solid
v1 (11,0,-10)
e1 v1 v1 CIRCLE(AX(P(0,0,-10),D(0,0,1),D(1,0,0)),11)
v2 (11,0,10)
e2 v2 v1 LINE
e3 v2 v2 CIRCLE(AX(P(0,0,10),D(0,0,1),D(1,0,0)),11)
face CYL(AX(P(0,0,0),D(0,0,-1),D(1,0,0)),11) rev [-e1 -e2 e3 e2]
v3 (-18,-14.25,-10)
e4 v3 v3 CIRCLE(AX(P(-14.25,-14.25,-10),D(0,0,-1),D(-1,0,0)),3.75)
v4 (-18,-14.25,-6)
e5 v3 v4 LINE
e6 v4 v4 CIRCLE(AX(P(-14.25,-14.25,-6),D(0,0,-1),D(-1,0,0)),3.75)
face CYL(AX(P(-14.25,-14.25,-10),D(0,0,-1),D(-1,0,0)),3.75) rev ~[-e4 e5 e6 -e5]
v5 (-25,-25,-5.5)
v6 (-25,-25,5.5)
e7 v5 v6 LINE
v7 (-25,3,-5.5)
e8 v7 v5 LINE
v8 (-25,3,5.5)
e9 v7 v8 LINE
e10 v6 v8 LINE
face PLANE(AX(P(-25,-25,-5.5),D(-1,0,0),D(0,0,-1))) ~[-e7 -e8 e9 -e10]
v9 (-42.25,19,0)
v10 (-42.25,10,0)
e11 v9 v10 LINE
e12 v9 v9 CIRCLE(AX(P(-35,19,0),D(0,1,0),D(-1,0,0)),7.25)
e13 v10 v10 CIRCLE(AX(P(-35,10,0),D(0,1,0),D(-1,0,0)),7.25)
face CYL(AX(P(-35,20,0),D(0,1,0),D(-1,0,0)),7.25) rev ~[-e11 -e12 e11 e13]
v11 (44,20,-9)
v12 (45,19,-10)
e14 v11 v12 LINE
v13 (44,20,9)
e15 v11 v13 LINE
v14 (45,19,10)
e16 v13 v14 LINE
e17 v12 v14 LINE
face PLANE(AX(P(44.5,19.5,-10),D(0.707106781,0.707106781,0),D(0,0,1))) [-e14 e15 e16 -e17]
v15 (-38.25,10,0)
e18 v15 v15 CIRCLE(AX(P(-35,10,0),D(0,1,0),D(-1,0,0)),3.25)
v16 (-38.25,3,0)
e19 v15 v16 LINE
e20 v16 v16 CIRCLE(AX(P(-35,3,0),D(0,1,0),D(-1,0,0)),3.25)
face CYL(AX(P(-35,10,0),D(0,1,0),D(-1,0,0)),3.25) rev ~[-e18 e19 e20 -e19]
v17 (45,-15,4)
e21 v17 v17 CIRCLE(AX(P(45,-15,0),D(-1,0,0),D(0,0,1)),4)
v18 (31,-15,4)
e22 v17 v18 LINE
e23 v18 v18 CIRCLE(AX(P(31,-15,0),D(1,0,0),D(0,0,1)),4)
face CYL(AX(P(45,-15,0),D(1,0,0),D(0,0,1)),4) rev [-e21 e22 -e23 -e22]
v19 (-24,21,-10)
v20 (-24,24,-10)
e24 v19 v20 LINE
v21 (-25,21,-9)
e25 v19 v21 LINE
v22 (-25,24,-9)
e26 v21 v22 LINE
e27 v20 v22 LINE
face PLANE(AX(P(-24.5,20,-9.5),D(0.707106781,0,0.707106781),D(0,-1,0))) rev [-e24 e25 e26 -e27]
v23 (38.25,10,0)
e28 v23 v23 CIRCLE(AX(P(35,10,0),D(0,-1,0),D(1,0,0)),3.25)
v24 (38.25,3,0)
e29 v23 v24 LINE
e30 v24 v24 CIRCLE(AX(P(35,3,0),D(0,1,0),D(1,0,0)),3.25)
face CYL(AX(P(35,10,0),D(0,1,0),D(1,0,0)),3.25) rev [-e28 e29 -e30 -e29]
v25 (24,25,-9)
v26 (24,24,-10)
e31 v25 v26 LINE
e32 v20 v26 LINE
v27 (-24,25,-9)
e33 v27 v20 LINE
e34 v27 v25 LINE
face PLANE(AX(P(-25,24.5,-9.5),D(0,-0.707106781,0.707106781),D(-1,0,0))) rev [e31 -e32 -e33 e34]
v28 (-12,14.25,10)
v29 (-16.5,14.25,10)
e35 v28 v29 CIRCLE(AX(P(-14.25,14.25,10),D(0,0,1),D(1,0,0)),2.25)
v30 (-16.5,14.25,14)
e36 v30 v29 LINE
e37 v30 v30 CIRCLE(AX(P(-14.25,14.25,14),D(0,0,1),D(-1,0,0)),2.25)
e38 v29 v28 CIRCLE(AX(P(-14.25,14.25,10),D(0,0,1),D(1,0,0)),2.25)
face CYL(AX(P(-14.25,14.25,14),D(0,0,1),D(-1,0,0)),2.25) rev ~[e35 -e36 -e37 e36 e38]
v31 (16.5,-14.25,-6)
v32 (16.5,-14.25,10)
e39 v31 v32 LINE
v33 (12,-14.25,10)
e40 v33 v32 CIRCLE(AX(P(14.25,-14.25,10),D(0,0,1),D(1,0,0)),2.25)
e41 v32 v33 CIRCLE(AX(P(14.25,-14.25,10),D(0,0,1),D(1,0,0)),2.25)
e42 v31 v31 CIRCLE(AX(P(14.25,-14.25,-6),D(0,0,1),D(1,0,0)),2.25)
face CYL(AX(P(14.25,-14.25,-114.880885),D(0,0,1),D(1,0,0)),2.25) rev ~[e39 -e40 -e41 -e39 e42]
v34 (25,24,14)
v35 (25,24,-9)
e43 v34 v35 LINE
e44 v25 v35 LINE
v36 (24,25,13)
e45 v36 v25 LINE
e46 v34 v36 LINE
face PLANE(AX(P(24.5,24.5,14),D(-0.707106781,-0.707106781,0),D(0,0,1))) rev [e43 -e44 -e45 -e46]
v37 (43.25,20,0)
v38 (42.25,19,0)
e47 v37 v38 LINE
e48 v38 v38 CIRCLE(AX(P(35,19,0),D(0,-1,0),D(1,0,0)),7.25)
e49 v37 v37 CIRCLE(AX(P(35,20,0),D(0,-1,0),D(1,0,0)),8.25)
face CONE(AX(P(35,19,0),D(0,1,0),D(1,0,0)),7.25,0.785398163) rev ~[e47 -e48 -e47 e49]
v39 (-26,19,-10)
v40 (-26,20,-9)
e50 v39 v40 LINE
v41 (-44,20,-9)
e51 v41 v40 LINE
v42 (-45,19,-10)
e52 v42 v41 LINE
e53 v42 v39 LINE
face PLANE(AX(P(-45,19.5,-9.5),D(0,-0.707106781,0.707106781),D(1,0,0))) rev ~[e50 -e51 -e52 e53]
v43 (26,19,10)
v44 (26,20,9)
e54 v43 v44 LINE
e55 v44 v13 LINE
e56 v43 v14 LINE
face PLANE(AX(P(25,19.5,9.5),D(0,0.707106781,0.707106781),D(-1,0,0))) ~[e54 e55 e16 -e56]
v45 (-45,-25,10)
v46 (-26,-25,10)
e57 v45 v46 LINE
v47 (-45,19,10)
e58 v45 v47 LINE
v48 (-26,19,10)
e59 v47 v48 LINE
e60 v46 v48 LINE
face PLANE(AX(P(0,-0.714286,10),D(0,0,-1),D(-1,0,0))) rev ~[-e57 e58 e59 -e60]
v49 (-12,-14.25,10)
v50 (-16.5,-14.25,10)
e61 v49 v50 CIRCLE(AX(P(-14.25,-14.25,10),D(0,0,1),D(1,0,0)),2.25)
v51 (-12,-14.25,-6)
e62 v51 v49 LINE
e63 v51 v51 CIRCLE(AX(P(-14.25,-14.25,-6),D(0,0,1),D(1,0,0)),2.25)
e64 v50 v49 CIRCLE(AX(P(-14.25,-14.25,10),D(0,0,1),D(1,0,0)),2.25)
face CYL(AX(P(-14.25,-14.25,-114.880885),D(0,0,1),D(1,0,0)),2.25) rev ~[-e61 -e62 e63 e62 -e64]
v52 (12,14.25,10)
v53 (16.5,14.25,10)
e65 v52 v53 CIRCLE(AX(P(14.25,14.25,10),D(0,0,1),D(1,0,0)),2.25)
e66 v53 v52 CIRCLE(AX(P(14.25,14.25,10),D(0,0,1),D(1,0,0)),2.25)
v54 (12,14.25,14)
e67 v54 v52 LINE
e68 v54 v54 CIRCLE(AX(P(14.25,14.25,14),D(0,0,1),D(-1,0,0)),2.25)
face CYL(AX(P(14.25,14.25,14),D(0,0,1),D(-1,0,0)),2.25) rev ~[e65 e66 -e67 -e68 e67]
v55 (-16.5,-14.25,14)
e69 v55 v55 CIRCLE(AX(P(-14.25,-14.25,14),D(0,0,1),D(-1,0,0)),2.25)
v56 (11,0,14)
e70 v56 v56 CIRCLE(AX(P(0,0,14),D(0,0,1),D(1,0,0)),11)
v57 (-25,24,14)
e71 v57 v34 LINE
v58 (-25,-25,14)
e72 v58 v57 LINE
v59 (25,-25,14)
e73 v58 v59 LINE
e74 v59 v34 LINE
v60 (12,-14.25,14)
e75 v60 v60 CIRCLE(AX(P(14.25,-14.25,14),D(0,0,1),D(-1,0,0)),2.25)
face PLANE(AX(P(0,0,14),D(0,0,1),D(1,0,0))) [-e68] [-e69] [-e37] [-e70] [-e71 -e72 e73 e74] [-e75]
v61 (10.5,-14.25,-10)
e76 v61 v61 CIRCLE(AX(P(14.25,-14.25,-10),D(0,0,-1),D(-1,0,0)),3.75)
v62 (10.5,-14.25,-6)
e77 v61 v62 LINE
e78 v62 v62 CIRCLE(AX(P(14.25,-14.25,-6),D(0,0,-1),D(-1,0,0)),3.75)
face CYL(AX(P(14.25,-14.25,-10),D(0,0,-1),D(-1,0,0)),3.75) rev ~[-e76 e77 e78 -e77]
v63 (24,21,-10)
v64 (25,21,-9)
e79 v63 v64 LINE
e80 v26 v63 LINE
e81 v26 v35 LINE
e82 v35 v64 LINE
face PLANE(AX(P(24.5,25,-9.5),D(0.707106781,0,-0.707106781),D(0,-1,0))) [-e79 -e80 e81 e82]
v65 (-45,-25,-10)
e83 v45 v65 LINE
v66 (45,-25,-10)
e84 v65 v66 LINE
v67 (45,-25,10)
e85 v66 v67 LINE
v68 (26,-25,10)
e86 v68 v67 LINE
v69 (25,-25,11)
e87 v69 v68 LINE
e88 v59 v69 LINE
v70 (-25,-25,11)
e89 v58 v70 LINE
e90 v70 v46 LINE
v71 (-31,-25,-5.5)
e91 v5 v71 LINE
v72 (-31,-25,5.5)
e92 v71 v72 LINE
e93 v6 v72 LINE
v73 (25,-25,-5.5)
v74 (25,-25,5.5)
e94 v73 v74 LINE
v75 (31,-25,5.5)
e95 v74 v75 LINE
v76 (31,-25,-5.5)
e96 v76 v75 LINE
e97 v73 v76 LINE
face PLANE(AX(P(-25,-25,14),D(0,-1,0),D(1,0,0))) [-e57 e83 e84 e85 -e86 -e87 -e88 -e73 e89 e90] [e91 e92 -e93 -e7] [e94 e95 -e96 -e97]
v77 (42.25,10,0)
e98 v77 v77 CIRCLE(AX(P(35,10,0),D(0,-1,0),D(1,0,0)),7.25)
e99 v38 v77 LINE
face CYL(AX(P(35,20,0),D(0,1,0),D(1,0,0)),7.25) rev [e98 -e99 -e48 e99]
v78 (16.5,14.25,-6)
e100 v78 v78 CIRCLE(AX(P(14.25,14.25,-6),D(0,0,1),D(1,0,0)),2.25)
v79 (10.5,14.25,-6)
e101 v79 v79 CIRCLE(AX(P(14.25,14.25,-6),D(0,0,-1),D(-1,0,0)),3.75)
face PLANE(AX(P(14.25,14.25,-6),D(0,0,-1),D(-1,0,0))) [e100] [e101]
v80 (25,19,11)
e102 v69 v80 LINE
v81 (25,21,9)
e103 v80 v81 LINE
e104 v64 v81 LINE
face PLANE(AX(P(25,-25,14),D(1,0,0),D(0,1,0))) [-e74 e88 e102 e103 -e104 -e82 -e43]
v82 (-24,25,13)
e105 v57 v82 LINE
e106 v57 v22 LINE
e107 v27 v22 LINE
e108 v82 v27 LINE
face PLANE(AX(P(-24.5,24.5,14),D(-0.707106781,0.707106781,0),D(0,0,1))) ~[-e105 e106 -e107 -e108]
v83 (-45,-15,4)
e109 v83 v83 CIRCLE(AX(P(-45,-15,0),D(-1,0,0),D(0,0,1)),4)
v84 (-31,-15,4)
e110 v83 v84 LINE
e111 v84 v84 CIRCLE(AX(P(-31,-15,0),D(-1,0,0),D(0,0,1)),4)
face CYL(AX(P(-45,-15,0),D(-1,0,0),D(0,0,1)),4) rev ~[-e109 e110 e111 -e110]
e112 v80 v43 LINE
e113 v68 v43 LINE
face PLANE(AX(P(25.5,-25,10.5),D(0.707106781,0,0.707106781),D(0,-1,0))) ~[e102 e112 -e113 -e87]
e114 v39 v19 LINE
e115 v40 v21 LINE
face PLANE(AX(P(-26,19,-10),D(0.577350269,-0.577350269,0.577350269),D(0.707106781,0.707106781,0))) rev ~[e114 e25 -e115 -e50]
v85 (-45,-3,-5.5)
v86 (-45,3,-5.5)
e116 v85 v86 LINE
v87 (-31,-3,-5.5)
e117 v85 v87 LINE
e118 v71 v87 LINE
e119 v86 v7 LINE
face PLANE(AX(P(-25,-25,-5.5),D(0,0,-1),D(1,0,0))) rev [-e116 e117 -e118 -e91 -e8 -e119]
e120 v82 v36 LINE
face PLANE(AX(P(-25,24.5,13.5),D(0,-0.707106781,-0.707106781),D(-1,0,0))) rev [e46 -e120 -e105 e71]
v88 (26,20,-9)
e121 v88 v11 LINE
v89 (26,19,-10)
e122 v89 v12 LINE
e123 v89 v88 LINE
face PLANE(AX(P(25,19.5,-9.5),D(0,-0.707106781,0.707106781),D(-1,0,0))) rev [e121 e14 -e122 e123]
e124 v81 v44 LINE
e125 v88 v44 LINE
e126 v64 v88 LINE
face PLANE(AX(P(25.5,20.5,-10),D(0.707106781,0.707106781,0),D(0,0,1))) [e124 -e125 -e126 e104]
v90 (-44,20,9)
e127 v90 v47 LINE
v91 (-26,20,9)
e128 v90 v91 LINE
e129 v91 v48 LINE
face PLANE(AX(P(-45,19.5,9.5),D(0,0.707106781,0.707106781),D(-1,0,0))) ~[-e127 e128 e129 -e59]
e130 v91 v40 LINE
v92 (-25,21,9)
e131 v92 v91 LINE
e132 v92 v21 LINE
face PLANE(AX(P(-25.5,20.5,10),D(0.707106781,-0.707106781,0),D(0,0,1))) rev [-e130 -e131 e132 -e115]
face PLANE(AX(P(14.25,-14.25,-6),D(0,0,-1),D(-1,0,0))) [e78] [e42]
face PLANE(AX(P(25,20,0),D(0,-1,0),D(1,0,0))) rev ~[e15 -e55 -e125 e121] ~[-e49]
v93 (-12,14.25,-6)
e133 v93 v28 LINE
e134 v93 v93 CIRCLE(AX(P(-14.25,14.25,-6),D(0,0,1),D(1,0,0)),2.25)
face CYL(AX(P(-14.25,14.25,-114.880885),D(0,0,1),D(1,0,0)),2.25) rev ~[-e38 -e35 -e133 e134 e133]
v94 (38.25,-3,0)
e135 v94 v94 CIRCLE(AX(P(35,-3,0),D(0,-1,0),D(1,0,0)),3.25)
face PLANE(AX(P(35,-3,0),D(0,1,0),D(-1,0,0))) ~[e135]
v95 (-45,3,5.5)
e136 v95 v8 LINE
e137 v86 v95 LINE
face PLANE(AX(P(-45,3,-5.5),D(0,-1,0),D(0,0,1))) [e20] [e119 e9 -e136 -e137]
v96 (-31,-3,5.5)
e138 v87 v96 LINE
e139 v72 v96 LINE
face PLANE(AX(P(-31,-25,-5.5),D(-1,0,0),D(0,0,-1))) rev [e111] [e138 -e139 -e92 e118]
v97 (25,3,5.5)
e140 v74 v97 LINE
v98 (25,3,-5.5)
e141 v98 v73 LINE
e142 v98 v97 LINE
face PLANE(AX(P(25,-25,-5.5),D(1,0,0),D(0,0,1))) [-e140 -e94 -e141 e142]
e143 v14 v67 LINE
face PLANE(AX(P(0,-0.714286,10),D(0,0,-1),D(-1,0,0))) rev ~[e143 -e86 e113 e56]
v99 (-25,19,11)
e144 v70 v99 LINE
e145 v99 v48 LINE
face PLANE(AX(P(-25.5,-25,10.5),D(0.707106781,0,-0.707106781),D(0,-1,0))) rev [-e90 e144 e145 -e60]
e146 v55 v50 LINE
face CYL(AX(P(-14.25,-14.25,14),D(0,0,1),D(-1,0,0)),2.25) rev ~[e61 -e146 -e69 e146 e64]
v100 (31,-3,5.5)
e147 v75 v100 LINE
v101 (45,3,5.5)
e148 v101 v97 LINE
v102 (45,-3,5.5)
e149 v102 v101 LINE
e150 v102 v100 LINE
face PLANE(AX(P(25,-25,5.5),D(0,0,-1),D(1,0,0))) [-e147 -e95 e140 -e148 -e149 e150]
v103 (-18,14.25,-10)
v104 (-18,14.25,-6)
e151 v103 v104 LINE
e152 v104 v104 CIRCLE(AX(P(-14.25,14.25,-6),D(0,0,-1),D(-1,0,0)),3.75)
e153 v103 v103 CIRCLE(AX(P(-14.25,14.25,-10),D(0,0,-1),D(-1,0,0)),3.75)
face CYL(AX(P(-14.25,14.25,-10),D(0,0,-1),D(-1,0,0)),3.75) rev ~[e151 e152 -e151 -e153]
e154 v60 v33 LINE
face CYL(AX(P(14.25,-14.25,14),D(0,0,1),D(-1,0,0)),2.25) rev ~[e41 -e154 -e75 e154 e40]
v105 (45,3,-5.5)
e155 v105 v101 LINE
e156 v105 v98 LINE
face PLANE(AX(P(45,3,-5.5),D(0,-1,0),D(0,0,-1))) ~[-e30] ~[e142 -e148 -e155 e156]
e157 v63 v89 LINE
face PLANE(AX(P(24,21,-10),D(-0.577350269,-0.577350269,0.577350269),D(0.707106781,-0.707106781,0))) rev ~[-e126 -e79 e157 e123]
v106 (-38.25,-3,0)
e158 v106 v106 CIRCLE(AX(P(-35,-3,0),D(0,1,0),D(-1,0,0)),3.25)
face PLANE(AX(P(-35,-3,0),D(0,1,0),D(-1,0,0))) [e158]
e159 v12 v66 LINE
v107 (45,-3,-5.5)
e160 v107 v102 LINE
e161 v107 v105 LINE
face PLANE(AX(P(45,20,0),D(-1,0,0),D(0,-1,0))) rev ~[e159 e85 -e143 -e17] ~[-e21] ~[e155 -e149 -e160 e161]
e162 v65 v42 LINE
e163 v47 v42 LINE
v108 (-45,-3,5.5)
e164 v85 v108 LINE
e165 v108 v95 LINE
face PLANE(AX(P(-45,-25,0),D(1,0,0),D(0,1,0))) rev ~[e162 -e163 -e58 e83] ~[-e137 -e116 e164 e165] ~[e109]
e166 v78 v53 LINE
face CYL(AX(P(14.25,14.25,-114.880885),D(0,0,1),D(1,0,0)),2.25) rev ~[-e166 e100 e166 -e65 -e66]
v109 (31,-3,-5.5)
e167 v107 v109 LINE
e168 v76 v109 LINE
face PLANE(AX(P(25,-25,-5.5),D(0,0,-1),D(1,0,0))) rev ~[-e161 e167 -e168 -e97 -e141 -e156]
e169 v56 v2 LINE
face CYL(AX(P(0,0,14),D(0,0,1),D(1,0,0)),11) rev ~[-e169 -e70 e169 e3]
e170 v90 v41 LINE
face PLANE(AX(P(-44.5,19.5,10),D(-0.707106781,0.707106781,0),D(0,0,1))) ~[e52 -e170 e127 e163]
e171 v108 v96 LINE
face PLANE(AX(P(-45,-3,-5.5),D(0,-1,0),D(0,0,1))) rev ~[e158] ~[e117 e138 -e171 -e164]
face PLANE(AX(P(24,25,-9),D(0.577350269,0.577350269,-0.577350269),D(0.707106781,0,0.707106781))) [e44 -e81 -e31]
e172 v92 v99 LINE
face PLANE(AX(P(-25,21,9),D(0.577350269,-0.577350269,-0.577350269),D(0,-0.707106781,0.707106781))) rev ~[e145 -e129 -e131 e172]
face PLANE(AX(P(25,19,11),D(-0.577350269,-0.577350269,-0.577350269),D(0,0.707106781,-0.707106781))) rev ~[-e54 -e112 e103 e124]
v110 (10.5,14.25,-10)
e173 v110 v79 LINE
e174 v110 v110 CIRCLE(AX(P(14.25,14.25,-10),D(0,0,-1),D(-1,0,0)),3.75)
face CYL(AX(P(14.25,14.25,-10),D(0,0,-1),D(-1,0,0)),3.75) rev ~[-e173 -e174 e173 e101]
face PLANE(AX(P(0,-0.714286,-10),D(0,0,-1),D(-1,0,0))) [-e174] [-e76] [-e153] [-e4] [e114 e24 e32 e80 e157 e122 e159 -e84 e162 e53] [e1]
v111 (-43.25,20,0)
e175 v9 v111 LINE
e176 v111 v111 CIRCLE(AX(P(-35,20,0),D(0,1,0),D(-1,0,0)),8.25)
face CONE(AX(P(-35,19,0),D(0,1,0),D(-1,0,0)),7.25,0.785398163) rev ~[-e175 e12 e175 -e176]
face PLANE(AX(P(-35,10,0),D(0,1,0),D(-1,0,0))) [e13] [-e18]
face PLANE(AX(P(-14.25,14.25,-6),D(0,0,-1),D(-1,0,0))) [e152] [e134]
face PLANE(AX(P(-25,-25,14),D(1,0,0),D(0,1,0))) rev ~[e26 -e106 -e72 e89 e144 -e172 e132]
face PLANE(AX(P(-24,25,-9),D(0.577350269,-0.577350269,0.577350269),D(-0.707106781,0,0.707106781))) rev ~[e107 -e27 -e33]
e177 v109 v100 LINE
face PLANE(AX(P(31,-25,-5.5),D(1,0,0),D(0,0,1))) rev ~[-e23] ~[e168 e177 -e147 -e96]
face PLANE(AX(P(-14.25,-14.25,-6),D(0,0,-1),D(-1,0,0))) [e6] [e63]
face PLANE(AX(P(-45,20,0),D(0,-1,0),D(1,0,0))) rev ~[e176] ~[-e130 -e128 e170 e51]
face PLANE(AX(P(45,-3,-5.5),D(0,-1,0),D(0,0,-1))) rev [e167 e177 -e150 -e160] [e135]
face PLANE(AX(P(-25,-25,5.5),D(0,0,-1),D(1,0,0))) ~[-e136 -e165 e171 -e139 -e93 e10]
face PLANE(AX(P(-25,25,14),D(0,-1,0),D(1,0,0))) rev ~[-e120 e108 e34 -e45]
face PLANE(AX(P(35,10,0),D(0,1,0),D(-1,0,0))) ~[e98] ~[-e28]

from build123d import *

# Parameters (mm, degrees)
SKETCH1_R              = 11
BODY_DEPTH             = 10
M4_CLEARANCE_HOLE1_D   = 4.5
ELEVATION_START        = 4
SKETCH10_W             = 50
SKETCH10_H             = 50
SKETCH10_R             = 2.25
SKETCH10_R_2           = 11
ELEVATION_DEPTH        = 4
SKETCH13_R             = 3.75
M4_SCREW_PLACE_DEPTH   = 4
SKETCH14_R             = 7.25
SPRING_HOLE_DEPTH      = 10
SKETCH15_W             = 11
SKETCH15_H             = 6
NUT_HOLE_DEPTH         = 20
SKETCH16_R             = 3.25
SHAFT_HOLE_DEPTH       = 13
SKETCH17_R             = 4
BRAKE_SCREW_HOLE_DEPTH = 20
SKETCH18_W             = 6
SKETCH18_H             = 11
BRAKE_NUT_HOLE_DEPTH   = 25
CHAMFER1_SIZE          = 1


with BuildPart() as part:
    # Sketch1 → Body (new, symmetric)
    with BuildSketch(Plane.XY):
        Polygon((25, -25), (-25, -25), (-45, -25), (-45, 20), (-25, 20), (-25, 25), (25, 25), (25, 20), (45, 20), (45, -25), align=None)
        Circle(SKETCH1_R, mode=Mode.SUBTRACT)
    extrude(amount=BODY_DEPTH, both=True)

    # M4 Clearance Hole1 (through all)
    with Locations(Plane(origin=(0, 0, -10), x_dir=(-1, 0, 0), z_dir=(0, 0, -1))):
        with Locations((0, 0), (-14.25, 14.25), (14.25, -14.25), (14.25, 14.25), (-14.25, -14.25)):
            Hole(M4_CLEARANCE_HOLE1_D / 2)

    # Sketch10 → Elevation (add)
    with BuildSketch(Plane.XY.offset(10).offset(ELEVATION_START)):
        Rectangle(SKETCH10_W, SKETCH10_H)
        with Locations(Location((-14.25, -14.25, 0), (0, 0, 180))):
            Circle(SKETCH10_R, mode=Mode.SUBTRACT)
        with Locations(Location((14.25, -14.25, 0), (0, 0, 180))):
            Circle(SKETCH10_R, mode=Mode.SUBTRACT)
        with Locations(Location((14.25, 14.25, 0), (0, 0, 180))):
            Circle(SKETCH10_R, mode=Mode.SUBTRACT)
        Circle(SKETCH10_R_2, mode=Mode.SUBTRACT)
        with Locations(Location((-14.25, 14.25, 0), (0, 0, 180))):
            Circle(SKETCH10_R, mode=Mode.SUBTRACT)
    extrude(amount=-ELEVATION_DEPTH)

    # Sketch13 → M4_Screw_Place (cut)
    with BuildSketch(Plane(origin=(0, 0, -10), x_dir=(-1, 0, 0), z_dir=(0, 0, -1))):
        with Locations((-14.25, 14.25)):
            Circle(SKETCH13_R)
        with Locations((14.25, 14.25)):
            Circle(SKETCH13_R)
        with Locations((14.25, -14.25)):
            Circle(SKETCH13_R)
        with Locations((-14.25, -14.25)):
            Circle(SKETCH13_R)
    extrude(amount=-M4_SCREW_PLACE_DEPTH, mode=Mode.SUBTRACT)

    # Sketch14 → Spring_Hole (cut)
    with BuildSketch(Plane(origin=(0, 20, 0), x_dir=(1, 0, 0), z_dir=(0, 1, 0))):
        with Locations(Location((-35, 0, 0), (0, 0, 180))):
            Circle(SKETCH14_R)
    spring_hole = extrude(amount=-SPRING_HOLE_DEPTH, mode=Mode.SUBTRACT)

    # Sketch15 → Nut_Hole (cut)
    with BuildSketch(Plane.ZY.offset(45)):
        Rectangle(SKETCH15_W, SKETCH15_H)
    nut_hole = extrude(amount=-NUT_HOLE_DEPTH, mode=Mode.SUBTRACT)

    # Sketch16 → Shaft_Hole (cut)
    with BuildSketch(Plane(origin=(0, 10, 0), x_dir=(1, 0, 0), z_dir=(0, 1, 0))):
        with Locations(Location((-35, 0, 0), (0, 0, 180))):
            Circle(SKETCH16_R)
    shaft_hole = extrude(amount=-SHAFT_HOLE_DEPTH, mode=Mode.SUBTRACT)

    # Sketch17 → Brake_Screw_Hole (cut)
    with BuildSketch(Plane.ZY.offset(45)):
        with Locations((0, -15)):
            Circle(SKETCH17_R)
    brake_screw_hole = extrude(amount=-BRAKE_SCREW_HOLE_DEPTH, mode=Mode.SUBTRACT)

    # Sketch18 → Brake_Nut_Hole (cut)
    with BuildSketch(Plane.XZ.offset(25)):
        with Locations((28, 0)):
            Rectangle(SKETCH18_W, SKETCH18_H)
    brake_nut_hole = extrude(amount=-BRAKE_NUT_HOLE_DEPTH, mode=Mode.SUBTRACT)

    # Mirror1: Spring_Hole, Nut_Hole, Shaft_Hole, Brake_Screw_Hole, Brake_Nut_Hole across plane
    add(spring_hole.mirror(Plane(origin=(0, 0, 0), x_dir=(0, 0, 1), z_dir=(1, 0, 0))), mode=Mode.SUBTRACT)
    add(nut_hole.mirror(Plane(origin=(0, 0, 0), x_dir=(0, 0, 1), z_dir=(1, 0, 0))), mode=Mode.SUBTRACT)
    add(shaft_hole.mirror(Plane(origin=(0, 0, 0), x_dir=(0, 0, 1), z_dir=(1, 0, 0))), mode=Mode.SUBTRACT)
    add(brake_screw_hole.mirror(Plane(origin=(0, 0, 0), x_dir=(0, 0, 1), z_dir=(1, 0, 0))), mode=Mode.SUBTRACT)
    add(brake_nut_hole.mirror(Plane(origin=(0, 0, 0), x_dir=(0, 0, 1), z_dir=(1, 0, 0))), mode=Mode.SUBTRACT)

    # Chamfer1
    chamfer1_edges = [part.edges().sort_by_distance(p)[0] for p in [
        (25, 22.5, -10),
        (35, 20, -10),
        (-27.75, 20, 0),
        (-35, 20, 10),
        (-35, 20, -10),
        (-25, 22.5, -10),
        (0, 25, -10),
        (27.75, 20, 0),
        (25, 25, 2),
        (25, 20, 0),
        (45, 20, 0),
        (-45, 20, 0),
        (-25, 20, 0),
        (-25, 25, 2),
        (35, 20, 10),
        (-25, -2.5, 10),
        (0, 25, 14),
        (25, -2.5, 10),
    ]]
    chamfer(chamfer1_edges, length=CHAMFER1_SIZE)


solid = part.part
